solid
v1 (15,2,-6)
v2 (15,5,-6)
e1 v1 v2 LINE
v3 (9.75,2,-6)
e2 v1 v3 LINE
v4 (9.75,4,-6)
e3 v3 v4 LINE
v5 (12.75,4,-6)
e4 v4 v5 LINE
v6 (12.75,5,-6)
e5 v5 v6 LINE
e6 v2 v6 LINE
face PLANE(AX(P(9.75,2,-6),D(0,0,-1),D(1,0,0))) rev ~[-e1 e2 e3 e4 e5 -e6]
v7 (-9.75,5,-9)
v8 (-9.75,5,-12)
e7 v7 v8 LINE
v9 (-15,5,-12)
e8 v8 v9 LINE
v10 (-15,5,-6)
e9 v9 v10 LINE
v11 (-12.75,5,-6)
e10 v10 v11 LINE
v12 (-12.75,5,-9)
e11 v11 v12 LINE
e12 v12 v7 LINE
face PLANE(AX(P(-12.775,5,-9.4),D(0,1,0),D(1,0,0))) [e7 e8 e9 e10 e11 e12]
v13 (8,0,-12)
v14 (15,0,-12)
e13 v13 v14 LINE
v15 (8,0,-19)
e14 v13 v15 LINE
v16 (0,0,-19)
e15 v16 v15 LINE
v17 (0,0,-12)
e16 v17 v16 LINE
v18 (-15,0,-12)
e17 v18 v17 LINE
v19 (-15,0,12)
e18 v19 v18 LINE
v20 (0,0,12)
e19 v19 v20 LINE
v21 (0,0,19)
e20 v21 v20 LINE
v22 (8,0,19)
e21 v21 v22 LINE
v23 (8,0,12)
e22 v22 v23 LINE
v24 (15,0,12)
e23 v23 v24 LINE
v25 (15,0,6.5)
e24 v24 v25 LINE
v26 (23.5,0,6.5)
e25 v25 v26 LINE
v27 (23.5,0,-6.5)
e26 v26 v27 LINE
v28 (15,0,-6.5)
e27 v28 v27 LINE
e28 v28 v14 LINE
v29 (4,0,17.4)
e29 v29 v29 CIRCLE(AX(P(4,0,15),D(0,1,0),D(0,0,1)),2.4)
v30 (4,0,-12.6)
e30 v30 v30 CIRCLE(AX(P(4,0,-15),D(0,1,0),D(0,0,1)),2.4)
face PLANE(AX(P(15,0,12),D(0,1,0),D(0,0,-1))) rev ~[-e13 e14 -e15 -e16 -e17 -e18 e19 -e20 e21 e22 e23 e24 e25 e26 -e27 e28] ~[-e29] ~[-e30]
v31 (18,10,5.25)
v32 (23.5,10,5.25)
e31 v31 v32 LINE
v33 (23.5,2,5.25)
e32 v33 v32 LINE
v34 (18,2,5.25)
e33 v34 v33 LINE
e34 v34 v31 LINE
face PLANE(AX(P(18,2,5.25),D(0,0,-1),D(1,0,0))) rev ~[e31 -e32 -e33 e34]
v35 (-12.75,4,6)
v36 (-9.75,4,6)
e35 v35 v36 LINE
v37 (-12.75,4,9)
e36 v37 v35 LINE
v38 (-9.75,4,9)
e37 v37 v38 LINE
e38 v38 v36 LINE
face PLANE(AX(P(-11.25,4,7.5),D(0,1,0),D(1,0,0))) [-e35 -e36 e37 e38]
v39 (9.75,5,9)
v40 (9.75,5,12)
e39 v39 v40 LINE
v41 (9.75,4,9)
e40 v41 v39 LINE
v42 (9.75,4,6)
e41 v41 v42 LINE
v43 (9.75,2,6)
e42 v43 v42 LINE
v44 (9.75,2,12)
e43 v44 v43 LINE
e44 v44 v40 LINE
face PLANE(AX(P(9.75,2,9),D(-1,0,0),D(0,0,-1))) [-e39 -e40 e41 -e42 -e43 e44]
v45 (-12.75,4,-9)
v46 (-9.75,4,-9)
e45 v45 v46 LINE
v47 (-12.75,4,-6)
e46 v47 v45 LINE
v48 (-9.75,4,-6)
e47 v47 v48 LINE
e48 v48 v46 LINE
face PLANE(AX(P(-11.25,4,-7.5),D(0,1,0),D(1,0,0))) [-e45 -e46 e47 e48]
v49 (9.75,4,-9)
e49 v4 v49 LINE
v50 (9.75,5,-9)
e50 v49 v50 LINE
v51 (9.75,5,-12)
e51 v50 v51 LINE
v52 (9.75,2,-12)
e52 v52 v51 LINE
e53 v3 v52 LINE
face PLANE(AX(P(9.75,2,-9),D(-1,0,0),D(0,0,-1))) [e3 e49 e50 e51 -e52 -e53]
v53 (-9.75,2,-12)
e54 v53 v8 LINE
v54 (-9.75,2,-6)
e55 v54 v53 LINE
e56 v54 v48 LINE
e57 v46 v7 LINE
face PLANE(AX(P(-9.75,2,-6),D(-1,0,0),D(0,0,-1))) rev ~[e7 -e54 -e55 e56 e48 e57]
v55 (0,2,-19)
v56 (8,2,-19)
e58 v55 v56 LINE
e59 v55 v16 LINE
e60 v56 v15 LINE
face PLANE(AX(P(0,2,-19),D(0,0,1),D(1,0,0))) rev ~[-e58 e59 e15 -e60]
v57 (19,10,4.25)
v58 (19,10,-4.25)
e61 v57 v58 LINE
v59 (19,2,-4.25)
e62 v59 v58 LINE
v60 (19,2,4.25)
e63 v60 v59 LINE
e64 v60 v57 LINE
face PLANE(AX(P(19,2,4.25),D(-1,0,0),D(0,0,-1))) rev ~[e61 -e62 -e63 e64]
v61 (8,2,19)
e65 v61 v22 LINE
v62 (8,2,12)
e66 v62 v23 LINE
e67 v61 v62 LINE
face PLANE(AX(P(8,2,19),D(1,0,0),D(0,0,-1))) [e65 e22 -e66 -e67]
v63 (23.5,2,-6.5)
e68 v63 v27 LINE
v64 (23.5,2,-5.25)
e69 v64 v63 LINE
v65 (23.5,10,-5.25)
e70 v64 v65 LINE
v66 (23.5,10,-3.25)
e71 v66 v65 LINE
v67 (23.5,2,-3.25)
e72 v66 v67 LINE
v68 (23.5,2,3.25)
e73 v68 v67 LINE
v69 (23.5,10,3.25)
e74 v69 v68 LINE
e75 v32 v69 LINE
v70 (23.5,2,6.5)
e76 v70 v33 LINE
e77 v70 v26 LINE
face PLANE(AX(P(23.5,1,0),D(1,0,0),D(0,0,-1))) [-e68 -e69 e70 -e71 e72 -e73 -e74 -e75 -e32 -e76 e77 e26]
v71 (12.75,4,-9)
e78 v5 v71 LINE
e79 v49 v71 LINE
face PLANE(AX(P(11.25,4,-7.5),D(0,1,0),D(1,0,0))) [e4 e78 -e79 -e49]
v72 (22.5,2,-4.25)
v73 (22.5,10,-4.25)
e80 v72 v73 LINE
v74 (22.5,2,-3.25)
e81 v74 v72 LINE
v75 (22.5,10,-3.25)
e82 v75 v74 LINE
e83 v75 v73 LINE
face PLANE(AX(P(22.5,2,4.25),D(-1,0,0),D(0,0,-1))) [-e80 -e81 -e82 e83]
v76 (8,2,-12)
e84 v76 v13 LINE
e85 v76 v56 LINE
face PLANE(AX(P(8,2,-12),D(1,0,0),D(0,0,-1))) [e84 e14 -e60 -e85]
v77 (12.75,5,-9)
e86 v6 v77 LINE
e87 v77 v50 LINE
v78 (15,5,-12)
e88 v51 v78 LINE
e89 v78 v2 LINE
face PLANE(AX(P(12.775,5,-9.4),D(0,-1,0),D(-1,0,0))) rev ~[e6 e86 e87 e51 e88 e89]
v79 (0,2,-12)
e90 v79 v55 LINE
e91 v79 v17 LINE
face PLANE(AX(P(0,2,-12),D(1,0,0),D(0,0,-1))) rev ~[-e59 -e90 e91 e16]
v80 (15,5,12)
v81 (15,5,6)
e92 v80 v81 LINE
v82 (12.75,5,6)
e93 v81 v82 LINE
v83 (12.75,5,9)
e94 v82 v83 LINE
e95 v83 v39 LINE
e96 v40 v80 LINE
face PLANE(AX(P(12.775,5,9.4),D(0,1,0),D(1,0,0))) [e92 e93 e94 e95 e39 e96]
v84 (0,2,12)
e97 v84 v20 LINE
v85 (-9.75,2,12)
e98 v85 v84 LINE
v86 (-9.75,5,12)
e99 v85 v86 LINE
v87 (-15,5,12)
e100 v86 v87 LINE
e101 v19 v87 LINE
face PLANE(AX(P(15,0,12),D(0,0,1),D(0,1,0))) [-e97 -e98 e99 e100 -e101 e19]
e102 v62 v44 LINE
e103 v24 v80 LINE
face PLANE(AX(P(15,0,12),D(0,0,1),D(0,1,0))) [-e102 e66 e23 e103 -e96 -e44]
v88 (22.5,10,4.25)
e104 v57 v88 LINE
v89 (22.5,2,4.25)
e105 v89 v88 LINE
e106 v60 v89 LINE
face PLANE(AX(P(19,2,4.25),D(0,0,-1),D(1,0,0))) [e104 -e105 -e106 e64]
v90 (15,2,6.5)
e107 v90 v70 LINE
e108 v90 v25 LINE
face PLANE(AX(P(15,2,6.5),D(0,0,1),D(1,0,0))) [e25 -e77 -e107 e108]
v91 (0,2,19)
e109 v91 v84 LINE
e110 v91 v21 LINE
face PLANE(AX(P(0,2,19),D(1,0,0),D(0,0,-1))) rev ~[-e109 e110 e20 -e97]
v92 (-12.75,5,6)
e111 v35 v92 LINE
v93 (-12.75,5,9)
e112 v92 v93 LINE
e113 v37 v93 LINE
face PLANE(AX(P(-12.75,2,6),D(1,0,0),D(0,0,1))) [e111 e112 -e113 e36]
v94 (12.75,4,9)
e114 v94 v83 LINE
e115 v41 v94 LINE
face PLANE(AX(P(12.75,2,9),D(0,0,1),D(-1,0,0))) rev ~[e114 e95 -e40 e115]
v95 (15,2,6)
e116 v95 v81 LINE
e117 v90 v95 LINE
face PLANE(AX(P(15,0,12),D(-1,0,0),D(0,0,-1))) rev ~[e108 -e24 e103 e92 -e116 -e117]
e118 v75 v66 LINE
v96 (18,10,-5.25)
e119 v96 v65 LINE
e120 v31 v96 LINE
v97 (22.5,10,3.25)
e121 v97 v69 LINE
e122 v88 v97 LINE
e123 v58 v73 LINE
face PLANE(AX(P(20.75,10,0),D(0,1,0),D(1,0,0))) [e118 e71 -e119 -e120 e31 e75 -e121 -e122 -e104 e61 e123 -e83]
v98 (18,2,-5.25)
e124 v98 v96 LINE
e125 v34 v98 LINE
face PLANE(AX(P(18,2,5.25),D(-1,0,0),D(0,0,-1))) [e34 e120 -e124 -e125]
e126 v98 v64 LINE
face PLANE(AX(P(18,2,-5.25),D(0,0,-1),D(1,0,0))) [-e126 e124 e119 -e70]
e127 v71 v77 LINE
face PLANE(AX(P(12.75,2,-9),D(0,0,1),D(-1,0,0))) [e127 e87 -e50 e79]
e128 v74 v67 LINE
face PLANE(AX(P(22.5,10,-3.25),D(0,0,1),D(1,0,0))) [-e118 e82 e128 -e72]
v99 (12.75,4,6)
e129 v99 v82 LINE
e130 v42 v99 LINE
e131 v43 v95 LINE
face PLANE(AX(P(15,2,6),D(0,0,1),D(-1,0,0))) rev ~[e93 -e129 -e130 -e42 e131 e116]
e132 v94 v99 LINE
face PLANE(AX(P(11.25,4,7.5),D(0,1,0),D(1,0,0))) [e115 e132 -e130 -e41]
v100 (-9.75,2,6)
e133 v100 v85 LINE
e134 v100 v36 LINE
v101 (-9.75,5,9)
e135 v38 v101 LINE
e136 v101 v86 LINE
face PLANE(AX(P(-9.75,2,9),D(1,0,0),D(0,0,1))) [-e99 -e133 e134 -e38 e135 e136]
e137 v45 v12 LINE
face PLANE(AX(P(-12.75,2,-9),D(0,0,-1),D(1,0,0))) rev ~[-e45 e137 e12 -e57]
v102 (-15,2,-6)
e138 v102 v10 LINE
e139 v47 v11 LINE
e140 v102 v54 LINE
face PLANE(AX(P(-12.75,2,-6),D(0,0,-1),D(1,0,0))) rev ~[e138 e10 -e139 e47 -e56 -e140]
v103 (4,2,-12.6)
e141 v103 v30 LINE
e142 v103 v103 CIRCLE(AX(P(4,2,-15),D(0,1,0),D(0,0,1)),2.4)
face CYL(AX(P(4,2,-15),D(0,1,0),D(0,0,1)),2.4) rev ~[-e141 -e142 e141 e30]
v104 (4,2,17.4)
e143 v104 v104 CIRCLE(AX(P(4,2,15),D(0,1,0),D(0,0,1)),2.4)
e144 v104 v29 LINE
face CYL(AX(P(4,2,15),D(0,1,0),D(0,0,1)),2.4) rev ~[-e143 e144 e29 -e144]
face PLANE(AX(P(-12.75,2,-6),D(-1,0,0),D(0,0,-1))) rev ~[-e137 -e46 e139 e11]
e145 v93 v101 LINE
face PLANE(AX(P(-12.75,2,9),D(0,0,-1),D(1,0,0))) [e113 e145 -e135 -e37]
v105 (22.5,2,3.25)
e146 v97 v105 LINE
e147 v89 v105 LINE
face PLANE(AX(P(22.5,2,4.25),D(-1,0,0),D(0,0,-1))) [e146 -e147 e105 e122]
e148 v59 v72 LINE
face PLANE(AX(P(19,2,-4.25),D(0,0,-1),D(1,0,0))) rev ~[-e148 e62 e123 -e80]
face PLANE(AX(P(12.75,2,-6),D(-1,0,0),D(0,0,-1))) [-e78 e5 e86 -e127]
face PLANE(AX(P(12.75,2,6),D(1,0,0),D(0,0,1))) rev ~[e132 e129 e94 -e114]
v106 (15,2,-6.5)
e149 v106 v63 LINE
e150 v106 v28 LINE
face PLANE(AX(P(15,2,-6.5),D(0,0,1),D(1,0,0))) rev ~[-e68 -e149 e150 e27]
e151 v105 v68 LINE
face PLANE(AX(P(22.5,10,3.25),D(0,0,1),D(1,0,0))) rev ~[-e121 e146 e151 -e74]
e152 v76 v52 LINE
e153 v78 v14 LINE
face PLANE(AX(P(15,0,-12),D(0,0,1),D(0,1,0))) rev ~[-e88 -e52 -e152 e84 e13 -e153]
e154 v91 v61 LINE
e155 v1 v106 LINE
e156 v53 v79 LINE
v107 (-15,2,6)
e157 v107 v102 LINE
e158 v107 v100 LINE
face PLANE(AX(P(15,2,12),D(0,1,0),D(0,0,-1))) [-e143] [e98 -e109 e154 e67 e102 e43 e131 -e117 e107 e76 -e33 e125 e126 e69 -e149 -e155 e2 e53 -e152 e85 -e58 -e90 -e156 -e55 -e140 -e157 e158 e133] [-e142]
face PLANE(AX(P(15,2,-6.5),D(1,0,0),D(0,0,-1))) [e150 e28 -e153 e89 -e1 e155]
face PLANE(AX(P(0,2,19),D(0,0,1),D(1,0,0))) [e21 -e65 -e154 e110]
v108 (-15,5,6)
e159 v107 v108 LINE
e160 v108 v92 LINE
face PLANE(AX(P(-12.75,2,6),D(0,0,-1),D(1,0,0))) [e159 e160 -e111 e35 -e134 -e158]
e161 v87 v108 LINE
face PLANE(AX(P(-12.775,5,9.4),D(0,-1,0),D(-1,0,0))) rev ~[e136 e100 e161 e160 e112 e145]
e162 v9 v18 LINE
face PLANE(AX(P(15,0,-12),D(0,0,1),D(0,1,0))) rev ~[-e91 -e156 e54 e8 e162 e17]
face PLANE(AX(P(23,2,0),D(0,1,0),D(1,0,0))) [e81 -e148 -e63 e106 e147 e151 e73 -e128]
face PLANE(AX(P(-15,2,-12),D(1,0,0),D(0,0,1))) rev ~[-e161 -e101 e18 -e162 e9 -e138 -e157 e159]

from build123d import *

# Parameters (mm, degrees)
SKETCH_1_W          = 30
SKETCH_1_H          = 24
EXTRUDE_1_DEPTH     = 2
EXTRUDE_2_DEPTH     = 3
SKETCH_3_W          = 3
SKETCH_3_H          = 3
EXTRUDE_3_DEPTH     = 2
SKETCH_4_W          = 24
SKETCH_4_H          = 2
EXTRUDE_4_DEPTH     = 8.5
SKETCH_5_W          = 5.5
SKETCH_5_H          = 10.5
SKETCH_5_W_2        = 3.5
SKETCH_5_H_2        = 8.5
EXTRUDE_5_DEPTH     = 8
SKETCH_6_W          = 1
SKETCH_6_H          = 6.5
CUT_EXTRUDE_1_DEPTH = 8
SKETCH_7_W          = 8.5
SKETCH_7_H          = 5.5
CUT_EXTRUDE_2_DEPTH = 9
SKETCH_8_W          = 8
SKETCH_8_H          = 7
SKETCH_8_R          = 2.4
EXTRUDE_6_DEPTH     = 2


with BuildPart() as part:
    # 草图1 → 凸台-拉伸1 (new body)
    with BuildSketch(Plane(origin=(0, 0, 0), x_dir=(1, 0, 0), z_dir=(0, 1, 0))):
        Rectangle(SKETCH_1_W, SKETCH_1_H)
    extrude(amount=EXTRUDE_1_DEPTH)

    # 草图2 → 凸台-拉伸2 (add)
    with BuildSketch(Plane(origin=(0, 2, 0), x_dir=(1, 0, 0), z_dir=(0, 1, 0))):
        Polygon((-15, 12), (-15, 6), (-12.75, 6), (-12.75, 9), (-9.75, 9), (-9.75, 12), align=None)
        Polygon((9.75, 12), (15, 12), (15, 6), (12.75, 6), (12.75, 9), (9.75, 9), align=None)
        Polygon((15, -12), (15, -6), (12.75, -6), (12.75, -9), (9.75, -9), (9.75, -12), align=None)
        Polygon((-9.75, -12), (-15, -12), (-15, -6), (-12.75, -6), (-12.75, -9), (-9.75, -9), align=None)
    extrude(amount=EXTRUDE_2_DEPTH)

    # 草图3 → 凸台-拉伸3 (add)
    with BuildSketch(Plane(origin=(0, 2, 0), x_dir=(1, 0, 0), z_dir=(0, 1, 0))):
        with Locations((-11.25, 7.5)):
            Rectangle(SKETCH_3_W, SKETCH_3_H)
        with Locations((11.25, 7.5)):
            Rectangle(SKETCH_3_W, SKETCH_3_H)
        with Locations((11.25, -7.5)):
            Rectangle(SKETCH_3_W, SKETCH_3_H)
        with Locations((-11.25, -7.5)):
            Rectangle(SKETCH_3_W, SKETCH_3_H)
    extrude(amount=EXTRUDE_3_DEPTH)

    # 草图4 → 凸台-拉伸4 (add)
    with BuildSketch(Plane(origin=(15, 0, 0), x_dir=(0, 0, -1), z_dir=(1, 0, 0))):
        with Locations((0, 1)):
            Rectangle(SKETCH_4_W, SKETCH_4_H)
    extrude(amount=EXTRUDE_4_DEPTH)

    # 草图5 → 凸台-拉伸5 (add)
    with BuildSketch(Plane(origin=(0, 2, 0), x_dir=(1, 0, 0), z_dir=(0, 1, 0))):
        with Locations((20.75, 0)):
            Rectangle(SKETCH_5_W, SKETCH_5_H)
        with Locations((20.75, 0)):
            Rectangle(SKETCH_5_W_2, SKETCH_5_H_2, mode=Mode.SUBTRACT)
    extrude(amount=EXTRUDE_5_DEPTH)

    # 草图6 → 切除-拉伸1 (cut)
    with BuildSketch(Plane(origin=(0, 10, 0), x_dir=(1, 0, 0), z_dir=(0, 1, 0))):
        with Locations((23, 0)):
            Rectangle(SKETCH_6_W, SKETCH_6_H)
    extrude(amount=-CUT_EXTRUDE_1_DEPTH, mode=Mode.SUBTRACT)

    # 草图7 → 切除-拉伸2 (cut)
    with BuildSketch(Plane(origin=(0, 2, 0), x_dir=(1, 0, 0), z_dir=(0, 1, 0))):
        with Locations((19.25, 9.25)):
            Rectangle(SKETCH_7_W, SKETCH_7_H)
        with Locations((19.25, -9.25)):
            Rectangle(SKETCH_7_W, SKETCH_7_H)
    extrude(amount=-CUT_EXTRUDE_2_DEPTH, mode=Mode.SUBTRACT)

    # 草图8 → 凸台-拉伸6 (add)
    # profile 1 of 2: a face of its own
    with BuildSketch(Plane(origin=(0, 2, 0), x_dir=(1, 0, 0), z_dir=(0, 1, 0))):
        with Locations((4, -15.5)):
            Rectangle(SKETCH_8_W, SKETCH_8_H)
        with Locations(Location((4, -15, 0), (0, 0, 270))):
            Circle(SKETCH_8_R, mode=Mode.SUBTRACT)
    # profile 2 of 2: a face of its own
    with BuildSketch(Plane(origin=(0, 2, 0), x_dir=(1, 0, 0), z_dir=(0, 1, 0))):
        with Locations((4, 15.5)):
            Rectangle(SKETCH_8_W, SKETCH_8_H)
        with Locations(Location((4, 15, 0), (0, 0, 270))):
            Circle(SKETCH_8_R, mode=Mode.SUBTRACT)
    extrude(amount=-EXTRUDE_6_DEPTH)


solid = part.part
